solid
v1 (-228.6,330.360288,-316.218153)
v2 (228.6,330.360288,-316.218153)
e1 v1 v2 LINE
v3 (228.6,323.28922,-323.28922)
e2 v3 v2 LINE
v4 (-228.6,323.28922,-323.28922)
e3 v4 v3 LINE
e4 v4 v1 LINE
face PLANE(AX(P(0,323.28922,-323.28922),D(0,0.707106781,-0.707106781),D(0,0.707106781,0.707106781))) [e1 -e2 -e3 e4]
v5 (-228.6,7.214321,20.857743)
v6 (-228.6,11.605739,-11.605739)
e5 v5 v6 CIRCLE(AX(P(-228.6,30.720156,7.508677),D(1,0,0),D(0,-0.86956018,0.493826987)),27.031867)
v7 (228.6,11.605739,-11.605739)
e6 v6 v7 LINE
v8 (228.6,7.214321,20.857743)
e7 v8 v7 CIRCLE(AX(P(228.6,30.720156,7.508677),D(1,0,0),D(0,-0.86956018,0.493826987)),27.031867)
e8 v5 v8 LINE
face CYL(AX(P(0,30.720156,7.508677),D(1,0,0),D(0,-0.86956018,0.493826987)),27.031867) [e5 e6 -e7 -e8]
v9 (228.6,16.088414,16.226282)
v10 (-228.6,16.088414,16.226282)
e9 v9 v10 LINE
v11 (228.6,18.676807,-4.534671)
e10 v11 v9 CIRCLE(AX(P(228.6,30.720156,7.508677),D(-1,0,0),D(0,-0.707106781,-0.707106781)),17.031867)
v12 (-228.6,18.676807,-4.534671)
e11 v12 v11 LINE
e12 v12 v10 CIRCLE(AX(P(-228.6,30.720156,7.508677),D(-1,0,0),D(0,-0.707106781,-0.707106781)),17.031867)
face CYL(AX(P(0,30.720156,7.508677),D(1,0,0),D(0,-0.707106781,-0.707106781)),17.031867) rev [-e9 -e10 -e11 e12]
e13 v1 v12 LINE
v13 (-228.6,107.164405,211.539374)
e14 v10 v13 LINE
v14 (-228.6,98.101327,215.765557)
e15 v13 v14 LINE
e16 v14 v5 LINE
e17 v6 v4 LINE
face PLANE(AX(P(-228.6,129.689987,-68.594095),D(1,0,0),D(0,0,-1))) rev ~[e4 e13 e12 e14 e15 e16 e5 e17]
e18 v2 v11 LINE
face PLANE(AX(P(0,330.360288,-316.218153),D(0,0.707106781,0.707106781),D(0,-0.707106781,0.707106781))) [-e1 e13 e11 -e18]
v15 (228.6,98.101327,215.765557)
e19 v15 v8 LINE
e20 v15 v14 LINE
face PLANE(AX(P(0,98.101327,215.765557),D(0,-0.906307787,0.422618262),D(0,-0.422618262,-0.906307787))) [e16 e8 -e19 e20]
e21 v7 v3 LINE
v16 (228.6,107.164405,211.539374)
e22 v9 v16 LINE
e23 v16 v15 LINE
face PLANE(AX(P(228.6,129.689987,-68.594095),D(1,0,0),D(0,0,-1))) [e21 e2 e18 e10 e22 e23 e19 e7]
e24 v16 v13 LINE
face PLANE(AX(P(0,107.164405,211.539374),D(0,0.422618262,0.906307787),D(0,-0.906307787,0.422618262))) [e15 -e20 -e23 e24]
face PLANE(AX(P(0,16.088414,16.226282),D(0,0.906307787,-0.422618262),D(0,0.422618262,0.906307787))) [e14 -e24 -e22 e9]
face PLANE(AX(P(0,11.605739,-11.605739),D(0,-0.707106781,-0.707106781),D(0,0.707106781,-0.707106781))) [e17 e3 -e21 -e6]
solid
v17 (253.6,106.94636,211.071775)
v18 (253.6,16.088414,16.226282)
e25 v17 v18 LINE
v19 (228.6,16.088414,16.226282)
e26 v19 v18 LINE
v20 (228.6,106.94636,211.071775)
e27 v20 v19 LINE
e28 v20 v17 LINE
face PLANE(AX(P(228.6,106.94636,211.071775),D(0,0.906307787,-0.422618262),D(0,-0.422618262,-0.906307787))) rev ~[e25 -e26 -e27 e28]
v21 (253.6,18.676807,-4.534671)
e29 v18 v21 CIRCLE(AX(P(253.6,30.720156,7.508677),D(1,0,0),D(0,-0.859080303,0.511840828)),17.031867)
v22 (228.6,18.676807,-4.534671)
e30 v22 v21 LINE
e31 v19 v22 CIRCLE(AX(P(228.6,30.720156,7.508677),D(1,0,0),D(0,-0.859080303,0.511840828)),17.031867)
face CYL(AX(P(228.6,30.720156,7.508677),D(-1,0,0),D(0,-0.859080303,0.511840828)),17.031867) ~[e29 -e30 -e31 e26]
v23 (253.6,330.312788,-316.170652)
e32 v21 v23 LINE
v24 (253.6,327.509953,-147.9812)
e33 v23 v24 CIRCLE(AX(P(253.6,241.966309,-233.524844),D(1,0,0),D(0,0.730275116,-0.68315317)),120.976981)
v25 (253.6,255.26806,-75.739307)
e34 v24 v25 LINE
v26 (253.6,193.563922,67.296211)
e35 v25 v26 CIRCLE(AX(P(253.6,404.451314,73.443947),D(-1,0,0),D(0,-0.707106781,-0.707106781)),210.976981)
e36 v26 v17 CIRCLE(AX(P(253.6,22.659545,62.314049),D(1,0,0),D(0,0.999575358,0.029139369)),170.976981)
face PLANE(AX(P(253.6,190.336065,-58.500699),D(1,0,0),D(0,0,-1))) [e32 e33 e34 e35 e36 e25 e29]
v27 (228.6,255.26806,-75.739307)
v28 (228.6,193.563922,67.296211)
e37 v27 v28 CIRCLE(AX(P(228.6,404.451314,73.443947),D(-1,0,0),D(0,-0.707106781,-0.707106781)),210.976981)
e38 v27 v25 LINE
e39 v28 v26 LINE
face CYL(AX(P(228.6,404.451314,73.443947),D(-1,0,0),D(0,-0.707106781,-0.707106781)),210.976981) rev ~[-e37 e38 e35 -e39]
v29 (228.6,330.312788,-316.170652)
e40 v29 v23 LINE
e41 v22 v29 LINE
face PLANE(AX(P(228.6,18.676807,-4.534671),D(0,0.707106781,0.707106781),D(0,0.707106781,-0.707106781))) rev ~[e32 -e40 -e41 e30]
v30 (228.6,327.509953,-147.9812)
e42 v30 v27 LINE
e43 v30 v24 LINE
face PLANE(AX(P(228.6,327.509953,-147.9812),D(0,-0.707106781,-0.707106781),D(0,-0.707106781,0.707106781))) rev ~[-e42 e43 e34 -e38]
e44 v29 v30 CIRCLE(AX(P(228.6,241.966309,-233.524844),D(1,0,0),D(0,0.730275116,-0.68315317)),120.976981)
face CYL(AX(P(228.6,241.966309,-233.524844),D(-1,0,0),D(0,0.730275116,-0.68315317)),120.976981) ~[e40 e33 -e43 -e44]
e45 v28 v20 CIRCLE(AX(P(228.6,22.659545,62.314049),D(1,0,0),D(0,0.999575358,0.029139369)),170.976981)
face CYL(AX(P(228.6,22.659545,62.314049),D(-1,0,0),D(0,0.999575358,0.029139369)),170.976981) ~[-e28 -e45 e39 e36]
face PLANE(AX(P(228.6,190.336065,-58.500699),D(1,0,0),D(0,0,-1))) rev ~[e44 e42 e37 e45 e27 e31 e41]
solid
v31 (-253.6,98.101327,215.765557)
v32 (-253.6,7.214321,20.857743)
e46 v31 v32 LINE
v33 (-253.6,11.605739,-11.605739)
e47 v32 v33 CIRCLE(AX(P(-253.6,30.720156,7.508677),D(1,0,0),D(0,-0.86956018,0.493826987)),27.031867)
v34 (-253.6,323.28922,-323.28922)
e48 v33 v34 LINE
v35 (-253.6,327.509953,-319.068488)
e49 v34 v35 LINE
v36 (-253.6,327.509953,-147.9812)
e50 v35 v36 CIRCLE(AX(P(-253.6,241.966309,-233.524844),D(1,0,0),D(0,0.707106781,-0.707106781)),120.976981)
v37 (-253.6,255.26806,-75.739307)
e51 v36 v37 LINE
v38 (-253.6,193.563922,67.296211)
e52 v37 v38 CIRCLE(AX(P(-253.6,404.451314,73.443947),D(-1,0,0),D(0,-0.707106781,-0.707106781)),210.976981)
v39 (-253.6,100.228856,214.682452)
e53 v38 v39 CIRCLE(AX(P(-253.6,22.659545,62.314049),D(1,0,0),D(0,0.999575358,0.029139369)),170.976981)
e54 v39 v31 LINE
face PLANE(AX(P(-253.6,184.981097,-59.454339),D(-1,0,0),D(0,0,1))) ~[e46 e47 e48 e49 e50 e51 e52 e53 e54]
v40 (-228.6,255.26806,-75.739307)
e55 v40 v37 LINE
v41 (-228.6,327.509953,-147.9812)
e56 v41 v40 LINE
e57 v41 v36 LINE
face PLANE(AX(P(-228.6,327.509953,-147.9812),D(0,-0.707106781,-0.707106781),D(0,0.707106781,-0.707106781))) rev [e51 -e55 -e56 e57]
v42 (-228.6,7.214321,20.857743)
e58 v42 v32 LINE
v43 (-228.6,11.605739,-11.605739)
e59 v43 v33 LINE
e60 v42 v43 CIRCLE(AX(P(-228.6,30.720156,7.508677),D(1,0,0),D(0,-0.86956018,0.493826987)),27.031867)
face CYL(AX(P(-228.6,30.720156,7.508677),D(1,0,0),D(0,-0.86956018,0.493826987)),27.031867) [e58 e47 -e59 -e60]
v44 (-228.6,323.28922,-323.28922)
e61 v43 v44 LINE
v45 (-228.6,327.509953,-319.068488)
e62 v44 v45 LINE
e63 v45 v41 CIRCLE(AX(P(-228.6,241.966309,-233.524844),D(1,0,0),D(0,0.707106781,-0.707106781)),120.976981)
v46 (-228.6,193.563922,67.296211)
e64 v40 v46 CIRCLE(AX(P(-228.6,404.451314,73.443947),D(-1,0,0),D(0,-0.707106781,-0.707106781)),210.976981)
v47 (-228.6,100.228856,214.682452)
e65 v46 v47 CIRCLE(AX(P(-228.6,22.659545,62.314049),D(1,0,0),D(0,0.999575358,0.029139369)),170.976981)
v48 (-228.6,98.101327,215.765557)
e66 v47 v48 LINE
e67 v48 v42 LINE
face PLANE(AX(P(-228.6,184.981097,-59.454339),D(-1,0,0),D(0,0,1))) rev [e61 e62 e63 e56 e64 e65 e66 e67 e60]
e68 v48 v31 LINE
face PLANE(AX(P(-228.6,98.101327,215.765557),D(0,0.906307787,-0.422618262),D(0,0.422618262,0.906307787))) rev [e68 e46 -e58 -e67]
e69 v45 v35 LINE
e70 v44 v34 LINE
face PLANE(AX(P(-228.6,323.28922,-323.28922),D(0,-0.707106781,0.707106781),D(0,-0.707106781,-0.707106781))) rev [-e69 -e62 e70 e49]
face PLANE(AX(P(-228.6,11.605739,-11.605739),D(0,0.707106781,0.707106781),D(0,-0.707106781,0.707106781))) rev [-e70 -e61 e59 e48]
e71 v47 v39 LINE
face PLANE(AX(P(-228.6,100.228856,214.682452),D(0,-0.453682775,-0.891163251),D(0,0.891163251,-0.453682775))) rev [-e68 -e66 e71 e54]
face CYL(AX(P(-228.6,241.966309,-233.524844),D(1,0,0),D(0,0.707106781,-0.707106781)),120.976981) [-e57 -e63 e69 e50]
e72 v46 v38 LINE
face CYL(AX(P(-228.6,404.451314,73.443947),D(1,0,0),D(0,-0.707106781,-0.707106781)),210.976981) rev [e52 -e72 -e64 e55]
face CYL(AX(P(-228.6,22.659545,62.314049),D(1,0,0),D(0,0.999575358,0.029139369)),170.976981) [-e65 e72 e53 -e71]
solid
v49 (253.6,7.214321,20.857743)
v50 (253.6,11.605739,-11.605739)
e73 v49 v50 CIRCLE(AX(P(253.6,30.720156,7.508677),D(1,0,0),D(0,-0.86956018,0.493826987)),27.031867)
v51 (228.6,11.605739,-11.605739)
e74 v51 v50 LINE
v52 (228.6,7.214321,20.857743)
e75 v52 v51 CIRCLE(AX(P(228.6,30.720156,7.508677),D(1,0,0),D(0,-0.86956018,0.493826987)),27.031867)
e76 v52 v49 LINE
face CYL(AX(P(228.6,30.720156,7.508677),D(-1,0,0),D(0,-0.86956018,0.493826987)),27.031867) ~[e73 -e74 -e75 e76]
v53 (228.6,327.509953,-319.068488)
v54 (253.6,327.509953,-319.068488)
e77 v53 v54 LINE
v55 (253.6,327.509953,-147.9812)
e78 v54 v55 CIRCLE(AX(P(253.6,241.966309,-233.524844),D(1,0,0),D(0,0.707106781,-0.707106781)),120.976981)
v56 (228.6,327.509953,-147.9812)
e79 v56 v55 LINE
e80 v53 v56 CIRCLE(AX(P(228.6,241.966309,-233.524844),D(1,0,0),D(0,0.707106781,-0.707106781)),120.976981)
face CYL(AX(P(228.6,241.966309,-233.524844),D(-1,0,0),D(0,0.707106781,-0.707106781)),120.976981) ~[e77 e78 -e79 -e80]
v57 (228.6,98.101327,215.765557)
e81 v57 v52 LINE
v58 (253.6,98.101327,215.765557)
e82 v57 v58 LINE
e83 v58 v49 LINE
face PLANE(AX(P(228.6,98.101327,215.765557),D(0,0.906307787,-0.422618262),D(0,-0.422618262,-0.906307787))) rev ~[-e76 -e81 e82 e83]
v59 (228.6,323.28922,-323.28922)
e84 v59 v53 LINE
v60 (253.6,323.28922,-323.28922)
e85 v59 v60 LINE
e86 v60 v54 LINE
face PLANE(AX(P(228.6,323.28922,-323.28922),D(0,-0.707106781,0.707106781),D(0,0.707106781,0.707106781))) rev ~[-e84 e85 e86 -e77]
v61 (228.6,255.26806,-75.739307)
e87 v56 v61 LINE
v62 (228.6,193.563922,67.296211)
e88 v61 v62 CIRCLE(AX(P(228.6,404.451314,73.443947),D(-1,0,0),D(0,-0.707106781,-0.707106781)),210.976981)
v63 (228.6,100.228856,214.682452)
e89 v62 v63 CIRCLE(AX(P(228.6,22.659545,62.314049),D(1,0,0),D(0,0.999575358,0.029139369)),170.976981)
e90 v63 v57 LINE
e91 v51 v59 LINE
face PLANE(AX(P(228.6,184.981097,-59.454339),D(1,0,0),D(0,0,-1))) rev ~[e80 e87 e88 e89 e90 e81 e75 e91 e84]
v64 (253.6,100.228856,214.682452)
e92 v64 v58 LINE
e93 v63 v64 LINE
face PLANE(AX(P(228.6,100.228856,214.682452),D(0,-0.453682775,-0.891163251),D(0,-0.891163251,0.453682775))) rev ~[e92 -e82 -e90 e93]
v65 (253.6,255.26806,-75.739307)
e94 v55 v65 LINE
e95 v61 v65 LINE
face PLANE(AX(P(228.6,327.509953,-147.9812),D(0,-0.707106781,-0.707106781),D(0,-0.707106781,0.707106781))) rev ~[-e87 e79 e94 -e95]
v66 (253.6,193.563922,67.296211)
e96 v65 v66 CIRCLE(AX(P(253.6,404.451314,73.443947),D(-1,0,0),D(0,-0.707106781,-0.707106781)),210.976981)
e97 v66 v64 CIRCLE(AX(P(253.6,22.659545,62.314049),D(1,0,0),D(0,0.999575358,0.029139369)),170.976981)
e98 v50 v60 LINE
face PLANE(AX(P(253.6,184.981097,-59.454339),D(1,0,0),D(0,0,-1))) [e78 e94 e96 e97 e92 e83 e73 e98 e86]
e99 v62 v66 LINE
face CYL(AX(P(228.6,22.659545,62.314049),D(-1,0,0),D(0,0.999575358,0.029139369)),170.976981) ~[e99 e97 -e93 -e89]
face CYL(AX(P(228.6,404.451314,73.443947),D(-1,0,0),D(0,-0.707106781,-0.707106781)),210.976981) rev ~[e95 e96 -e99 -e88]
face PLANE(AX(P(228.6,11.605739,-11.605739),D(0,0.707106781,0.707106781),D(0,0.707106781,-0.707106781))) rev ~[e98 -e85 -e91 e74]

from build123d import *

# Parameters (mm, degrees)
EXTRUDE_THIN2_DEPTH = 228.6
BOSS_EXTRUDE1_DEPTH = 25
BOSS_EXTRUDE2_DEPTH = 25


with BuildPart() as part:
    # Sketch2 → Extrude-Thin2 (new, symmetric)
    with BuildSketch(Plane(origin=(0, 0, 0), x_dir=(0, 0, -1), z_dir=(1, 0, 0))):
        with BuildLine():
            Line((-215.765556665, 98.101326882), (-20.857742563, 7.214320532))
            ThreePointArc((-20.857742563, 7.214320532), (-3.885010881, 3.93226895), (11.605739191, 11.605739191))
            Line((11.605739191, 11.605739191), (323.289220358, 323.289220358))
            Line((323.289220358, 323.289220358), (316.218152547, 330.36028817))
            Line((316.218152547, 330.36028817), (4.534671379, 18.676807003))
            ThreePointArc((4.534671379, 18.676807003), (-5.401525765, 13.81913778), (-16.226282042, 16.088414212))
            Line((-16.226282042, 16.088414212), (-211.539374047, 107.164404752))
            Line((-211.539374047, 107.164404752), (-215.765556665, 98.101326882))
        make_face()
    extrude(amount=EXTRUDE_THIN2_DEPTH, both=True)


with BuildPart() as body_2:
    # Sketch3 → Boss-Extrude1 (new body)
    with BuildSketch(Plane(origin=(228.6, 0, 0), x_dir=(0, 0, -1), z_dir=(1, 0, 0))):
        with BuildLine():
            Line((4.534671379, 18.676807003), (316.170652418, 330.312788042))
            ThreePointArc((316.170652418, 330.312788042), (231.509072824, 362.926495212), (147.98120037, 327.509952779))
            Line((147.98120037, 327.509952779), (75.739307367, 255.268059776))
            ThreePointArc((75.739307367, 255.268059776), (10.125062359, 210.731135973), (-67.296210575, 193.563922251))
            ThreePointArc((-67.296210575, 193.563922251), (-150.544649092, 169.112572755), (-211.071774935, 106.946359705))
            Line((-211.071774935, 106.946359705), (-16.226282042, 16.088414212))
            ThreePointArc((-16.226282042, 16.088414212), (-5.401525765, 13.81913778), (4.534671379, 18.676807003))
        make_face()
    extrude(amount=BOSS_EXTRUDE1_DEPTH)


with BuildPart() as body_3:
    # Sketch3<3> → Boss-Extrude2 (new body)
    with BuildSketch(Plane(origin=(228.6, 0, 0), x_dir=(0, 0, -1), z_dir=(1, 0, 0))):
        with BuildLine():
            ThreePointArc((-20.857742563, 7.214320532), (-3.885010881, 3.93226895), (11.605739191, 11.605739191))
            Line((11.605739191, 11.605739191), (323.289220358, 323.289220358))
            Line((323.289220358, 323.289220358), (319.068487938, 327.509952779))
            ThreePointArc((319.068487938, 327.509952779), (233.524844154, 362.943290209), (147.98120037, 327.509952779))
            Line((147.98120037, 327.509952779), (75.739307367, 255.268059776))
            ThreePointArc((75.739307367, 255.268059776), (10.125062359, 210.731135973), (-67.296210575, 193.563922251))
            ThreePointArc((-67.296210575, 193.563922251), (-153.788956262, 167.108392258), (-214.682451636, 100.228856189))
            Line((-214.682451636, 100.228856189), (-215.765556665, 98.101326882))
            Line((-215.765556665, 98.101326882), (-20.857742563, 7.214320532))
        make_face()
    extrude(amount=BOSS_EXTRUDE2_DEPTH)


with BuildPart() as body_4:
    # Mirror11: mirrored copy
    add(body_3.part.mirror(Plane(origin=(0, 0, 0), x_dir=(0, 0, 1), z_dir=(1, 0, 0))))


solid = Compound([part.part, body_2.part, body_3.part, body_4.part])
